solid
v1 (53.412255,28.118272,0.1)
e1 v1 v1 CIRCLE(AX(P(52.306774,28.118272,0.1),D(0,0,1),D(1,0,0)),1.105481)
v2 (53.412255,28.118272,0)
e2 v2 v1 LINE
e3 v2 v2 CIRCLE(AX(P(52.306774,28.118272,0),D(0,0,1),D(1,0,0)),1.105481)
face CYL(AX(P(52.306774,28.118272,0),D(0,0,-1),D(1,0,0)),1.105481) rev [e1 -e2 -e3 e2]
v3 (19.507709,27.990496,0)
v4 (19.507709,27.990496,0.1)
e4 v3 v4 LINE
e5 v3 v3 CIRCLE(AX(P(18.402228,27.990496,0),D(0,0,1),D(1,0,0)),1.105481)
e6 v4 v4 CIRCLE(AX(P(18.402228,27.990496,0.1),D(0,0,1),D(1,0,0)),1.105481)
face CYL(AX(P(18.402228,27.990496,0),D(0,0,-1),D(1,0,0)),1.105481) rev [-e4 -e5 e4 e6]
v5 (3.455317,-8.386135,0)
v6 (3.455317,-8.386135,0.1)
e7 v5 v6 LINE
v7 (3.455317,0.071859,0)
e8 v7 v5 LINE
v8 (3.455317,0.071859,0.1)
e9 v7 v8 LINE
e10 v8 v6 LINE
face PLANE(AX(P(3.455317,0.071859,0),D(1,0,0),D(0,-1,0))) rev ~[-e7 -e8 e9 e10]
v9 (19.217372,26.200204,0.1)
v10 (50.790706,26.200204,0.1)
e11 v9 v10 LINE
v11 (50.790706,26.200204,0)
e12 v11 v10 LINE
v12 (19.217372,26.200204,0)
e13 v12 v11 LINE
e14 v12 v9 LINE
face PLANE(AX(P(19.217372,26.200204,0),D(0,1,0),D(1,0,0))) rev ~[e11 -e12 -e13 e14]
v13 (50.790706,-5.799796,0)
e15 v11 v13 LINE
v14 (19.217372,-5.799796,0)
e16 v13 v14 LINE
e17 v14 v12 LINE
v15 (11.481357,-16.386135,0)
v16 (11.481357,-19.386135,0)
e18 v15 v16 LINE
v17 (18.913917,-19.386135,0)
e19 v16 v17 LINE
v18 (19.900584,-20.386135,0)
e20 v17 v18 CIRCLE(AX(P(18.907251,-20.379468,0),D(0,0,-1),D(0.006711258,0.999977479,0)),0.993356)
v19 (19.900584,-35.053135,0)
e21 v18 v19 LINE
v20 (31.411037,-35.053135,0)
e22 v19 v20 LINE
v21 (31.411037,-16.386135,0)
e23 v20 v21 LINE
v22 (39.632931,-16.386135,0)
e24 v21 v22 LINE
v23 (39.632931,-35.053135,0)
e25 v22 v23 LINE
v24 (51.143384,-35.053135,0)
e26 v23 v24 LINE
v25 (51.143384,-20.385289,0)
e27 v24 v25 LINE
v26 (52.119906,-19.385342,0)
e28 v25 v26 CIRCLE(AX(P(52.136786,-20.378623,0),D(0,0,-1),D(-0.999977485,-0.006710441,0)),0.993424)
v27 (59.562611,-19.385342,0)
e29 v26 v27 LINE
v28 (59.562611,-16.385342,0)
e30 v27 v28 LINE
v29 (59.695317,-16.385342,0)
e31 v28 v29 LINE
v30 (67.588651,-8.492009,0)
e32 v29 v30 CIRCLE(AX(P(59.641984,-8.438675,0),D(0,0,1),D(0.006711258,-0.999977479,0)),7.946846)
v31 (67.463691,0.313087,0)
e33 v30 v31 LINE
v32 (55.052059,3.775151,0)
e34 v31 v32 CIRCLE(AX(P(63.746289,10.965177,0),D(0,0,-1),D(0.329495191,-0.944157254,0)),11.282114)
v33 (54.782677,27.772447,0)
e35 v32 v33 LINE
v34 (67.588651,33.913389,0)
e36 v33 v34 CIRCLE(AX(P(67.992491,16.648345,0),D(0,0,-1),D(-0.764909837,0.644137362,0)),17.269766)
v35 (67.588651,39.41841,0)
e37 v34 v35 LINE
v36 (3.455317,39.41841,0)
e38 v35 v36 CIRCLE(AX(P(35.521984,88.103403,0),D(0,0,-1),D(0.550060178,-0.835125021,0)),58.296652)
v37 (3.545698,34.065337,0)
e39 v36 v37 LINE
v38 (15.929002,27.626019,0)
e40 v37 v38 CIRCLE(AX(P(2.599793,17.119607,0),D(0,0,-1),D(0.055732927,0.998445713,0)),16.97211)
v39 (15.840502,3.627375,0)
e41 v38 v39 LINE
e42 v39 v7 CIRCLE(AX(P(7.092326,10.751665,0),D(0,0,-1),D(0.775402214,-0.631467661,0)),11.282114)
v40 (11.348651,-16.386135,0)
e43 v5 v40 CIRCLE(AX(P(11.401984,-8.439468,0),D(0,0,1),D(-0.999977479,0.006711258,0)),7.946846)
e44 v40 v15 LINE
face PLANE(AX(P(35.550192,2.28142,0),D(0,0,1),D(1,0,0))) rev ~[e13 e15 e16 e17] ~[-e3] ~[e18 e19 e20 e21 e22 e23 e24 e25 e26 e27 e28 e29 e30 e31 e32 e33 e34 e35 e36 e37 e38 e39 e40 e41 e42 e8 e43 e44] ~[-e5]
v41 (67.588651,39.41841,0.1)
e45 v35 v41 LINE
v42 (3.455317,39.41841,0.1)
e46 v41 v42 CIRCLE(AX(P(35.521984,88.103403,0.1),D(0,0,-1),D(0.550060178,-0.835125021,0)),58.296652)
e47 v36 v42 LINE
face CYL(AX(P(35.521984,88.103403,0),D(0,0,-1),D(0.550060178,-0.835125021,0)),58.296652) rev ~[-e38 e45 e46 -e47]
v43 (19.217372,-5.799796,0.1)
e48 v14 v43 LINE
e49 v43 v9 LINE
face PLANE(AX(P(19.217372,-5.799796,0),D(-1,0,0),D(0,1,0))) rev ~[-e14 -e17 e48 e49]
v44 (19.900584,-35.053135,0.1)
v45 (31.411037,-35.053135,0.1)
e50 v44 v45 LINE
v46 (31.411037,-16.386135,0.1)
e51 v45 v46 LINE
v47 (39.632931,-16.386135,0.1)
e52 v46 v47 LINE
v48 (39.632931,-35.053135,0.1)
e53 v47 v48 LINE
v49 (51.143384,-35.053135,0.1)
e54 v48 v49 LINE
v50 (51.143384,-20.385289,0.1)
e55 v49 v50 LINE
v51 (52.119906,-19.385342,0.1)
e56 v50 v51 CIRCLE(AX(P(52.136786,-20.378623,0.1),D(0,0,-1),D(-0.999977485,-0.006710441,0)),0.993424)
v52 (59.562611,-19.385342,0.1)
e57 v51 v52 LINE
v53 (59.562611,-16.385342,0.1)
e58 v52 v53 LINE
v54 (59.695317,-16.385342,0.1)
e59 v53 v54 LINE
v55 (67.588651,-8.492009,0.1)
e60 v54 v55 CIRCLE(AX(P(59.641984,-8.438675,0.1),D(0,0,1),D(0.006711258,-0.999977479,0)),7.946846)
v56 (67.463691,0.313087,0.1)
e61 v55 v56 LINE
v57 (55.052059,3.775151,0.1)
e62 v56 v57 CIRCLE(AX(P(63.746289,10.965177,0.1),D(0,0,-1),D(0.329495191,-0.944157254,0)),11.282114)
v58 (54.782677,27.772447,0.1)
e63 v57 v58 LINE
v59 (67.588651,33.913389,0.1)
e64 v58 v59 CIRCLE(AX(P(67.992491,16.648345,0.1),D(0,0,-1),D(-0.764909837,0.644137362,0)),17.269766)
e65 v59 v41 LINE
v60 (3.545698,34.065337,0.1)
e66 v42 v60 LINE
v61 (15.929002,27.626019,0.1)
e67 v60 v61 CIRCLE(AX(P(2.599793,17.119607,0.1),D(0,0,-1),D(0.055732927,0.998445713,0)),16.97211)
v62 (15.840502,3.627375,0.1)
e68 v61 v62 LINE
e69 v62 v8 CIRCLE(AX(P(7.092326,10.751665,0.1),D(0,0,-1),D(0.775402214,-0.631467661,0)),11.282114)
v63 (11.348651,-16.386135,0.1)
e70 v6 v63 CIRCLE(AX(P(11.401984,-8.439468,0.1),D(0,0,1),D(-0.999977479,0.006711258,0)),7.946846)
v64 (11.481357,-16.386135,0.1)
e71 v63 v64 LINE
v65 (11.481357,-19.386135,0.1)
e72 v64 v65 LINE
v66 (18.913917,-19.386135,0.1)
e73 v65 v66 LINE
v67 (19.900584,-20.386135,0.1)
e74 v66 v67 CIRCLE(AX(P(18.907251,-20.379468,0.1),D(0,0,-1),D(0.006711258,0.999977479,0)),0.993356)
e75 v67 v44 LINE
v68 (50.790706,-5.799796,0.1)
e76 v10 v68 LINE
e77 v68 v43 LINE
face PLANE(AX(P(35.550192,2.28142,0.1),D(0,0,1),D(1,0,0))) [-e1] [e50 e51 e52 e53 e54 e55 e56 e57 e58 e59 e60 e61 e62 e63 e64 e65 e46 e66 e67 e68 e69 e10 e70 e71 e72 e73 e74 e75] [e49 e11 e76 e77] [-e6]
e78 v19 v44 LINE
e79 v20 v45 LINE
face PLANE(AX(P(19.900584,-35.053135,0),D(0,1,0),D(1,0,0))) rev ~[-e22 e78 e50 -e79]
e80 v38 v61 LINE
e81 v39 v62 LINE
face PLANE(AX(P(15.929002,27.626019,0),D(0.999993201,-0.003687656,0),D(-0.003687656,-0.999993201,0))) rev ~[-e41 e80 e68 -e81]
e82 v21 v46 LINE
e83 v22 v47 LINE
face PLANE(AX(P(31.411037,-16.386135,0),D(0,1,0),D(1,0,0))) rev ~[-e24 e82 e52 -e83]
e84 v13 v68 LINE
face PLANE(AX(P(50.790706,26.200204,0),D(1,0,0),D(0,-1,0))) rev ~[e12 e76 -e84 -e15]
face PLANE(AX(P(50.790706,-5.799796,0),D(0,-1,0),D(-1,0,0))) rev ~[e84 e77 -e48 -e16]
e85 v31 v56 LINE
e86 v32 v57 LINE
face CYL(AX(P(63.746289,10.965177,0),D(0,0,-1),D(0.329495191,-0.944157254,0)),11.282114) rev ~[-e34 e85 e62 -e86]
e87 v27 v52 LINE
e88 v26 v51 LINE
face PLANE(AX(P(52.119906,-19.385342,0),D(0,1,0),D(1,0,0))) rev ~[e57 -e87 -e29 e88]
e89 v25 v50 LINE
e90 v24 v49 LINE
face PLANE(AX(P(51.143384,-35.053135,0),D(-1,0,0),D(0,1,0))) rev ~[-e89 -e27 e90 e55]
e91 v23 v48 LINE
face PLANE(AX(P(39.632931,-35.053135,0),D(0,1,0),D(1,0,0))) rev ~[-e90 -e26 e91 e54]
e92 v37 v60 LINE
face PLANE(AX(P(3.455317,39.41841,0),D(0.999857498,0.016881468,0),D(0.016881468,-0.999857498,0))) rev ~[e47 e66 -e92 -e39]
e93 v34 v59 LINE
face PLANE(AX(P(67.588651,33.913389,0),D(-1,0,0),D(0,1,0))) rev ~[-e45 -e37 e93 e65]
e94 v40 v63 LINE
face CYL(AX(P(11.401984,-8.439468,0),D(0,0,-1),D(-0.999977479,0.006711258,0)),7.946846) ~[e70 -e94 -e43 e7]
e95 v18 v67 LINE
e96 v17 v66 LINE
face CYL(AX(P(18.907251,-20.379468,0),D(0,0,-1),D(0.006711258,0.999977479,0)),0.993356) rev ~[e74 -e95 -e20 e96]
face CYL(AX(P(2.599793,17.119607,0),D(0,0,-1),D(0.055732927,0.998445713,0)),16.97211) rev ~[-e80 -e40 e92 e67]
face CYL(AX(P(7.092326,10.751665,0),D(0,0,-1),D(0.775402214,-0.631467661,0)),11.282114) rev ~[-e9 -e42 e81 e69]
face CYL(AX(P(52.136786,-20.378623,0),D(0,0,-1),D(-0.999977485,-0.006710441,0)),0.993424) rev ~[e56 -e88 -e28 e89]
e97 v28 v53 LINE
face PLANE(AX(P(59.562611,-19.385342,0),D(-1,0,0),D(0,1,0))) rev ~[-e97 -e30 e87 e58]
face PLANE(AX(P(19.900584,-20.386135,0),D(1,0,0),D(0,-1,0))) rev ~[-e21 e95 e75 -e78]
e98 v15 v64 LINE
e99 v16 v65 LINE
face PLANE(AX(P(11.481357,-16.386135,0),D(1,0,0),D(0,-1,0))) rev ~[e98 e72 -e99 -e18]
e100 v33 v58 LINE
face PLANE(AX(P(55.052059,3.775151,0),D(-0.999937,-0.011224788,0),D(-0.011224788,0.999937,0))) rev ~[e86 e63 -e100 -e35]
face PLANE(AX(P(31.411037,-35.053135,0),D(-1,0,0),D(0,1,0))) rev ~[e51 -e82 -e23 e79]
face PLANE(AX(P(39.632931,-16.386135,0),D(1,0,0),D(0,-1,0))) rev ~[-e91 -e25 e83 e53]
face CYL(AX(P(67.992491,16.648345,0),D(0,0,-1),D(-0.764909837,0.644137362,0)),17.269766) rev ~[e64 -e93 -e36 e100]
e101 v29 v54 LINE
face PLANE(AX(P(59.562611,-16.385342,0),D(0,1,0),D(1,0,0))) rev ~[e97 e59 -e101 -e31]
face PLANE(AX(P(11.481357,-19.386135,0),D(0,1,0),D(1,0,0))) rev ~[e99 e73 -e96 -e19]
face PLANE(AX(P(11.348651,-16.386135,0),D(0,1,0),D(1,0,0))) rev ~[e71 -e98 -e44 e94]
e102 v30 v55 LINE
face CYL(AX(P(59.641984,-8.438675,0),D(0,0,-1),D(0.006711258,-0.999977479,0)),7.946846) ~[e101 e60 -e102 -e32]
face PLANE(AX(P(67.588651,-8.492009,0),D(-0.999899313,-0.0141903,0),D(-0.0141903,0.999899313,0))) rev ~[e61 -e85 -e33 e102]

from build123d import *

# Parameters (mm, degrees)
MODEL_R                 = 1.105480949
SALIENTE_EXTRUIR1_DEPTH = 0.1


with BuildPart() as part:
    # Model → Saliente-Extruir1 (new body)
    with BuildSketch(Plane.XY):
        with BuildLine():
            Line((51.143384, -35.053134749), (51.143384, -20.385289094))
            ThreePointArc((51.143384, -20.385289094), (51.426053418, -19.68453986), (52.1199065, -19.385341948))
            Line((52.1199065, -19.385341948), (59.562610667, -19.385341948))
            Line((59.562610667, -19.385341948), (59.562610667, -17.385341948))
            Line((59.562610667, -17.385341948), (59.562610667, -16.385341948))
            Line((59.562610667, -16.385341948), (59.695317333, -16.385341948))
            ThreePointArc((59.695317333, -16.385341948), (65.261252438, -14.057943719), (67.588650667, -8.492008614))
            Line((67.588650667, -8.492008614), (67.463691144, 0.313086794))
            ThreePointArc((67.463691144, 0.313086794), (60.715005996, 0.09791285), (55.052059002, 3.775151269))
            Line((55.052059002, 3.775151269), (54.782677463, 27.772447041))
            ThreePointArc((54.782677463, 27.772447041), (60.525183262, 32.220247397), (67.588650667, 33.913389175))
            Line((67.588650667, 33.913389175), (67.588650667, 39.418409961))
            ThreePointArc((67.588650667, 39.418409961), (35.521984, 29.806750722), (3.455317333, 39.418409961))
            Line((3.455317333, 39.418409961), (3.545697938, 34.065337225))
            ThreePointArc((3.545697938, 34.065337225), (10.429922022, 32.177547893), (15.929001679, 27.626019279))
            Line((15.929001679, 27.626019279), (15.840502335, 3.627374762))
            ThreePointArc((15.840502335, 3.627374762), (10.205432608, -0.092442467), (3.455317333, 0.071858577))
            Line((3.455317333, 0.071858577), (3.455317333, -8.386134749))
            ThreePointArc((3.455317333, -8.386134749), (5.745129751, -14.020897609), (11.348650667, -16.386134749))
            Line((11.348650667, -16.386134749), (11.481357333, -16.386134749))
            Line((11.481357333, -16.386134749), (11.481357333, -19.386134749))
            Line((11.481357333, -19.386134749), (18.913917333, -19.386134749))
            ThreePointArc((18.913917333, -19.386134749), (19.614357448, -19.681789392), (19.900584, -20.386134749))
            Line((19.900584, -20.386134749), (19.900584, -35.053134749))
            Line((19.900584, -35.053134749), (31.411037333, -35.053134749))
            Line((31.411037333, -35.053134749), (31.411037333, -16.386134749))
            Line((31.411037333, -16.386134749), (39.632930667, -16.386134749))
            Line((39.632930667, -16.386134749), (39.632930667, -35.053134749))
            Line((39.632930667, -35.053134749), (51.143384, -35.053134749))
        make_face()
        Polygon((35.504038921, 26.200203798), (50.790705587, 26.200203798), (50.790705587, -5.799796202), (19.217372254, -5.799796202), (19.217372254, 26.200203798), align=None, mode=Mode.SUBTRACT)
        with Locations((18.402228125, 27.990495682)):
            Circle(MODEL_R, mode=Mode.SUBTRACT)
        with Locations((52.306774108, 28.11827167)):
            Circle(MODEL_R, mode=Mode.SUBTRACT)
    extrude(amount=SALIENTE_EXTRUIR1_DEPTH)


solid = part.part
